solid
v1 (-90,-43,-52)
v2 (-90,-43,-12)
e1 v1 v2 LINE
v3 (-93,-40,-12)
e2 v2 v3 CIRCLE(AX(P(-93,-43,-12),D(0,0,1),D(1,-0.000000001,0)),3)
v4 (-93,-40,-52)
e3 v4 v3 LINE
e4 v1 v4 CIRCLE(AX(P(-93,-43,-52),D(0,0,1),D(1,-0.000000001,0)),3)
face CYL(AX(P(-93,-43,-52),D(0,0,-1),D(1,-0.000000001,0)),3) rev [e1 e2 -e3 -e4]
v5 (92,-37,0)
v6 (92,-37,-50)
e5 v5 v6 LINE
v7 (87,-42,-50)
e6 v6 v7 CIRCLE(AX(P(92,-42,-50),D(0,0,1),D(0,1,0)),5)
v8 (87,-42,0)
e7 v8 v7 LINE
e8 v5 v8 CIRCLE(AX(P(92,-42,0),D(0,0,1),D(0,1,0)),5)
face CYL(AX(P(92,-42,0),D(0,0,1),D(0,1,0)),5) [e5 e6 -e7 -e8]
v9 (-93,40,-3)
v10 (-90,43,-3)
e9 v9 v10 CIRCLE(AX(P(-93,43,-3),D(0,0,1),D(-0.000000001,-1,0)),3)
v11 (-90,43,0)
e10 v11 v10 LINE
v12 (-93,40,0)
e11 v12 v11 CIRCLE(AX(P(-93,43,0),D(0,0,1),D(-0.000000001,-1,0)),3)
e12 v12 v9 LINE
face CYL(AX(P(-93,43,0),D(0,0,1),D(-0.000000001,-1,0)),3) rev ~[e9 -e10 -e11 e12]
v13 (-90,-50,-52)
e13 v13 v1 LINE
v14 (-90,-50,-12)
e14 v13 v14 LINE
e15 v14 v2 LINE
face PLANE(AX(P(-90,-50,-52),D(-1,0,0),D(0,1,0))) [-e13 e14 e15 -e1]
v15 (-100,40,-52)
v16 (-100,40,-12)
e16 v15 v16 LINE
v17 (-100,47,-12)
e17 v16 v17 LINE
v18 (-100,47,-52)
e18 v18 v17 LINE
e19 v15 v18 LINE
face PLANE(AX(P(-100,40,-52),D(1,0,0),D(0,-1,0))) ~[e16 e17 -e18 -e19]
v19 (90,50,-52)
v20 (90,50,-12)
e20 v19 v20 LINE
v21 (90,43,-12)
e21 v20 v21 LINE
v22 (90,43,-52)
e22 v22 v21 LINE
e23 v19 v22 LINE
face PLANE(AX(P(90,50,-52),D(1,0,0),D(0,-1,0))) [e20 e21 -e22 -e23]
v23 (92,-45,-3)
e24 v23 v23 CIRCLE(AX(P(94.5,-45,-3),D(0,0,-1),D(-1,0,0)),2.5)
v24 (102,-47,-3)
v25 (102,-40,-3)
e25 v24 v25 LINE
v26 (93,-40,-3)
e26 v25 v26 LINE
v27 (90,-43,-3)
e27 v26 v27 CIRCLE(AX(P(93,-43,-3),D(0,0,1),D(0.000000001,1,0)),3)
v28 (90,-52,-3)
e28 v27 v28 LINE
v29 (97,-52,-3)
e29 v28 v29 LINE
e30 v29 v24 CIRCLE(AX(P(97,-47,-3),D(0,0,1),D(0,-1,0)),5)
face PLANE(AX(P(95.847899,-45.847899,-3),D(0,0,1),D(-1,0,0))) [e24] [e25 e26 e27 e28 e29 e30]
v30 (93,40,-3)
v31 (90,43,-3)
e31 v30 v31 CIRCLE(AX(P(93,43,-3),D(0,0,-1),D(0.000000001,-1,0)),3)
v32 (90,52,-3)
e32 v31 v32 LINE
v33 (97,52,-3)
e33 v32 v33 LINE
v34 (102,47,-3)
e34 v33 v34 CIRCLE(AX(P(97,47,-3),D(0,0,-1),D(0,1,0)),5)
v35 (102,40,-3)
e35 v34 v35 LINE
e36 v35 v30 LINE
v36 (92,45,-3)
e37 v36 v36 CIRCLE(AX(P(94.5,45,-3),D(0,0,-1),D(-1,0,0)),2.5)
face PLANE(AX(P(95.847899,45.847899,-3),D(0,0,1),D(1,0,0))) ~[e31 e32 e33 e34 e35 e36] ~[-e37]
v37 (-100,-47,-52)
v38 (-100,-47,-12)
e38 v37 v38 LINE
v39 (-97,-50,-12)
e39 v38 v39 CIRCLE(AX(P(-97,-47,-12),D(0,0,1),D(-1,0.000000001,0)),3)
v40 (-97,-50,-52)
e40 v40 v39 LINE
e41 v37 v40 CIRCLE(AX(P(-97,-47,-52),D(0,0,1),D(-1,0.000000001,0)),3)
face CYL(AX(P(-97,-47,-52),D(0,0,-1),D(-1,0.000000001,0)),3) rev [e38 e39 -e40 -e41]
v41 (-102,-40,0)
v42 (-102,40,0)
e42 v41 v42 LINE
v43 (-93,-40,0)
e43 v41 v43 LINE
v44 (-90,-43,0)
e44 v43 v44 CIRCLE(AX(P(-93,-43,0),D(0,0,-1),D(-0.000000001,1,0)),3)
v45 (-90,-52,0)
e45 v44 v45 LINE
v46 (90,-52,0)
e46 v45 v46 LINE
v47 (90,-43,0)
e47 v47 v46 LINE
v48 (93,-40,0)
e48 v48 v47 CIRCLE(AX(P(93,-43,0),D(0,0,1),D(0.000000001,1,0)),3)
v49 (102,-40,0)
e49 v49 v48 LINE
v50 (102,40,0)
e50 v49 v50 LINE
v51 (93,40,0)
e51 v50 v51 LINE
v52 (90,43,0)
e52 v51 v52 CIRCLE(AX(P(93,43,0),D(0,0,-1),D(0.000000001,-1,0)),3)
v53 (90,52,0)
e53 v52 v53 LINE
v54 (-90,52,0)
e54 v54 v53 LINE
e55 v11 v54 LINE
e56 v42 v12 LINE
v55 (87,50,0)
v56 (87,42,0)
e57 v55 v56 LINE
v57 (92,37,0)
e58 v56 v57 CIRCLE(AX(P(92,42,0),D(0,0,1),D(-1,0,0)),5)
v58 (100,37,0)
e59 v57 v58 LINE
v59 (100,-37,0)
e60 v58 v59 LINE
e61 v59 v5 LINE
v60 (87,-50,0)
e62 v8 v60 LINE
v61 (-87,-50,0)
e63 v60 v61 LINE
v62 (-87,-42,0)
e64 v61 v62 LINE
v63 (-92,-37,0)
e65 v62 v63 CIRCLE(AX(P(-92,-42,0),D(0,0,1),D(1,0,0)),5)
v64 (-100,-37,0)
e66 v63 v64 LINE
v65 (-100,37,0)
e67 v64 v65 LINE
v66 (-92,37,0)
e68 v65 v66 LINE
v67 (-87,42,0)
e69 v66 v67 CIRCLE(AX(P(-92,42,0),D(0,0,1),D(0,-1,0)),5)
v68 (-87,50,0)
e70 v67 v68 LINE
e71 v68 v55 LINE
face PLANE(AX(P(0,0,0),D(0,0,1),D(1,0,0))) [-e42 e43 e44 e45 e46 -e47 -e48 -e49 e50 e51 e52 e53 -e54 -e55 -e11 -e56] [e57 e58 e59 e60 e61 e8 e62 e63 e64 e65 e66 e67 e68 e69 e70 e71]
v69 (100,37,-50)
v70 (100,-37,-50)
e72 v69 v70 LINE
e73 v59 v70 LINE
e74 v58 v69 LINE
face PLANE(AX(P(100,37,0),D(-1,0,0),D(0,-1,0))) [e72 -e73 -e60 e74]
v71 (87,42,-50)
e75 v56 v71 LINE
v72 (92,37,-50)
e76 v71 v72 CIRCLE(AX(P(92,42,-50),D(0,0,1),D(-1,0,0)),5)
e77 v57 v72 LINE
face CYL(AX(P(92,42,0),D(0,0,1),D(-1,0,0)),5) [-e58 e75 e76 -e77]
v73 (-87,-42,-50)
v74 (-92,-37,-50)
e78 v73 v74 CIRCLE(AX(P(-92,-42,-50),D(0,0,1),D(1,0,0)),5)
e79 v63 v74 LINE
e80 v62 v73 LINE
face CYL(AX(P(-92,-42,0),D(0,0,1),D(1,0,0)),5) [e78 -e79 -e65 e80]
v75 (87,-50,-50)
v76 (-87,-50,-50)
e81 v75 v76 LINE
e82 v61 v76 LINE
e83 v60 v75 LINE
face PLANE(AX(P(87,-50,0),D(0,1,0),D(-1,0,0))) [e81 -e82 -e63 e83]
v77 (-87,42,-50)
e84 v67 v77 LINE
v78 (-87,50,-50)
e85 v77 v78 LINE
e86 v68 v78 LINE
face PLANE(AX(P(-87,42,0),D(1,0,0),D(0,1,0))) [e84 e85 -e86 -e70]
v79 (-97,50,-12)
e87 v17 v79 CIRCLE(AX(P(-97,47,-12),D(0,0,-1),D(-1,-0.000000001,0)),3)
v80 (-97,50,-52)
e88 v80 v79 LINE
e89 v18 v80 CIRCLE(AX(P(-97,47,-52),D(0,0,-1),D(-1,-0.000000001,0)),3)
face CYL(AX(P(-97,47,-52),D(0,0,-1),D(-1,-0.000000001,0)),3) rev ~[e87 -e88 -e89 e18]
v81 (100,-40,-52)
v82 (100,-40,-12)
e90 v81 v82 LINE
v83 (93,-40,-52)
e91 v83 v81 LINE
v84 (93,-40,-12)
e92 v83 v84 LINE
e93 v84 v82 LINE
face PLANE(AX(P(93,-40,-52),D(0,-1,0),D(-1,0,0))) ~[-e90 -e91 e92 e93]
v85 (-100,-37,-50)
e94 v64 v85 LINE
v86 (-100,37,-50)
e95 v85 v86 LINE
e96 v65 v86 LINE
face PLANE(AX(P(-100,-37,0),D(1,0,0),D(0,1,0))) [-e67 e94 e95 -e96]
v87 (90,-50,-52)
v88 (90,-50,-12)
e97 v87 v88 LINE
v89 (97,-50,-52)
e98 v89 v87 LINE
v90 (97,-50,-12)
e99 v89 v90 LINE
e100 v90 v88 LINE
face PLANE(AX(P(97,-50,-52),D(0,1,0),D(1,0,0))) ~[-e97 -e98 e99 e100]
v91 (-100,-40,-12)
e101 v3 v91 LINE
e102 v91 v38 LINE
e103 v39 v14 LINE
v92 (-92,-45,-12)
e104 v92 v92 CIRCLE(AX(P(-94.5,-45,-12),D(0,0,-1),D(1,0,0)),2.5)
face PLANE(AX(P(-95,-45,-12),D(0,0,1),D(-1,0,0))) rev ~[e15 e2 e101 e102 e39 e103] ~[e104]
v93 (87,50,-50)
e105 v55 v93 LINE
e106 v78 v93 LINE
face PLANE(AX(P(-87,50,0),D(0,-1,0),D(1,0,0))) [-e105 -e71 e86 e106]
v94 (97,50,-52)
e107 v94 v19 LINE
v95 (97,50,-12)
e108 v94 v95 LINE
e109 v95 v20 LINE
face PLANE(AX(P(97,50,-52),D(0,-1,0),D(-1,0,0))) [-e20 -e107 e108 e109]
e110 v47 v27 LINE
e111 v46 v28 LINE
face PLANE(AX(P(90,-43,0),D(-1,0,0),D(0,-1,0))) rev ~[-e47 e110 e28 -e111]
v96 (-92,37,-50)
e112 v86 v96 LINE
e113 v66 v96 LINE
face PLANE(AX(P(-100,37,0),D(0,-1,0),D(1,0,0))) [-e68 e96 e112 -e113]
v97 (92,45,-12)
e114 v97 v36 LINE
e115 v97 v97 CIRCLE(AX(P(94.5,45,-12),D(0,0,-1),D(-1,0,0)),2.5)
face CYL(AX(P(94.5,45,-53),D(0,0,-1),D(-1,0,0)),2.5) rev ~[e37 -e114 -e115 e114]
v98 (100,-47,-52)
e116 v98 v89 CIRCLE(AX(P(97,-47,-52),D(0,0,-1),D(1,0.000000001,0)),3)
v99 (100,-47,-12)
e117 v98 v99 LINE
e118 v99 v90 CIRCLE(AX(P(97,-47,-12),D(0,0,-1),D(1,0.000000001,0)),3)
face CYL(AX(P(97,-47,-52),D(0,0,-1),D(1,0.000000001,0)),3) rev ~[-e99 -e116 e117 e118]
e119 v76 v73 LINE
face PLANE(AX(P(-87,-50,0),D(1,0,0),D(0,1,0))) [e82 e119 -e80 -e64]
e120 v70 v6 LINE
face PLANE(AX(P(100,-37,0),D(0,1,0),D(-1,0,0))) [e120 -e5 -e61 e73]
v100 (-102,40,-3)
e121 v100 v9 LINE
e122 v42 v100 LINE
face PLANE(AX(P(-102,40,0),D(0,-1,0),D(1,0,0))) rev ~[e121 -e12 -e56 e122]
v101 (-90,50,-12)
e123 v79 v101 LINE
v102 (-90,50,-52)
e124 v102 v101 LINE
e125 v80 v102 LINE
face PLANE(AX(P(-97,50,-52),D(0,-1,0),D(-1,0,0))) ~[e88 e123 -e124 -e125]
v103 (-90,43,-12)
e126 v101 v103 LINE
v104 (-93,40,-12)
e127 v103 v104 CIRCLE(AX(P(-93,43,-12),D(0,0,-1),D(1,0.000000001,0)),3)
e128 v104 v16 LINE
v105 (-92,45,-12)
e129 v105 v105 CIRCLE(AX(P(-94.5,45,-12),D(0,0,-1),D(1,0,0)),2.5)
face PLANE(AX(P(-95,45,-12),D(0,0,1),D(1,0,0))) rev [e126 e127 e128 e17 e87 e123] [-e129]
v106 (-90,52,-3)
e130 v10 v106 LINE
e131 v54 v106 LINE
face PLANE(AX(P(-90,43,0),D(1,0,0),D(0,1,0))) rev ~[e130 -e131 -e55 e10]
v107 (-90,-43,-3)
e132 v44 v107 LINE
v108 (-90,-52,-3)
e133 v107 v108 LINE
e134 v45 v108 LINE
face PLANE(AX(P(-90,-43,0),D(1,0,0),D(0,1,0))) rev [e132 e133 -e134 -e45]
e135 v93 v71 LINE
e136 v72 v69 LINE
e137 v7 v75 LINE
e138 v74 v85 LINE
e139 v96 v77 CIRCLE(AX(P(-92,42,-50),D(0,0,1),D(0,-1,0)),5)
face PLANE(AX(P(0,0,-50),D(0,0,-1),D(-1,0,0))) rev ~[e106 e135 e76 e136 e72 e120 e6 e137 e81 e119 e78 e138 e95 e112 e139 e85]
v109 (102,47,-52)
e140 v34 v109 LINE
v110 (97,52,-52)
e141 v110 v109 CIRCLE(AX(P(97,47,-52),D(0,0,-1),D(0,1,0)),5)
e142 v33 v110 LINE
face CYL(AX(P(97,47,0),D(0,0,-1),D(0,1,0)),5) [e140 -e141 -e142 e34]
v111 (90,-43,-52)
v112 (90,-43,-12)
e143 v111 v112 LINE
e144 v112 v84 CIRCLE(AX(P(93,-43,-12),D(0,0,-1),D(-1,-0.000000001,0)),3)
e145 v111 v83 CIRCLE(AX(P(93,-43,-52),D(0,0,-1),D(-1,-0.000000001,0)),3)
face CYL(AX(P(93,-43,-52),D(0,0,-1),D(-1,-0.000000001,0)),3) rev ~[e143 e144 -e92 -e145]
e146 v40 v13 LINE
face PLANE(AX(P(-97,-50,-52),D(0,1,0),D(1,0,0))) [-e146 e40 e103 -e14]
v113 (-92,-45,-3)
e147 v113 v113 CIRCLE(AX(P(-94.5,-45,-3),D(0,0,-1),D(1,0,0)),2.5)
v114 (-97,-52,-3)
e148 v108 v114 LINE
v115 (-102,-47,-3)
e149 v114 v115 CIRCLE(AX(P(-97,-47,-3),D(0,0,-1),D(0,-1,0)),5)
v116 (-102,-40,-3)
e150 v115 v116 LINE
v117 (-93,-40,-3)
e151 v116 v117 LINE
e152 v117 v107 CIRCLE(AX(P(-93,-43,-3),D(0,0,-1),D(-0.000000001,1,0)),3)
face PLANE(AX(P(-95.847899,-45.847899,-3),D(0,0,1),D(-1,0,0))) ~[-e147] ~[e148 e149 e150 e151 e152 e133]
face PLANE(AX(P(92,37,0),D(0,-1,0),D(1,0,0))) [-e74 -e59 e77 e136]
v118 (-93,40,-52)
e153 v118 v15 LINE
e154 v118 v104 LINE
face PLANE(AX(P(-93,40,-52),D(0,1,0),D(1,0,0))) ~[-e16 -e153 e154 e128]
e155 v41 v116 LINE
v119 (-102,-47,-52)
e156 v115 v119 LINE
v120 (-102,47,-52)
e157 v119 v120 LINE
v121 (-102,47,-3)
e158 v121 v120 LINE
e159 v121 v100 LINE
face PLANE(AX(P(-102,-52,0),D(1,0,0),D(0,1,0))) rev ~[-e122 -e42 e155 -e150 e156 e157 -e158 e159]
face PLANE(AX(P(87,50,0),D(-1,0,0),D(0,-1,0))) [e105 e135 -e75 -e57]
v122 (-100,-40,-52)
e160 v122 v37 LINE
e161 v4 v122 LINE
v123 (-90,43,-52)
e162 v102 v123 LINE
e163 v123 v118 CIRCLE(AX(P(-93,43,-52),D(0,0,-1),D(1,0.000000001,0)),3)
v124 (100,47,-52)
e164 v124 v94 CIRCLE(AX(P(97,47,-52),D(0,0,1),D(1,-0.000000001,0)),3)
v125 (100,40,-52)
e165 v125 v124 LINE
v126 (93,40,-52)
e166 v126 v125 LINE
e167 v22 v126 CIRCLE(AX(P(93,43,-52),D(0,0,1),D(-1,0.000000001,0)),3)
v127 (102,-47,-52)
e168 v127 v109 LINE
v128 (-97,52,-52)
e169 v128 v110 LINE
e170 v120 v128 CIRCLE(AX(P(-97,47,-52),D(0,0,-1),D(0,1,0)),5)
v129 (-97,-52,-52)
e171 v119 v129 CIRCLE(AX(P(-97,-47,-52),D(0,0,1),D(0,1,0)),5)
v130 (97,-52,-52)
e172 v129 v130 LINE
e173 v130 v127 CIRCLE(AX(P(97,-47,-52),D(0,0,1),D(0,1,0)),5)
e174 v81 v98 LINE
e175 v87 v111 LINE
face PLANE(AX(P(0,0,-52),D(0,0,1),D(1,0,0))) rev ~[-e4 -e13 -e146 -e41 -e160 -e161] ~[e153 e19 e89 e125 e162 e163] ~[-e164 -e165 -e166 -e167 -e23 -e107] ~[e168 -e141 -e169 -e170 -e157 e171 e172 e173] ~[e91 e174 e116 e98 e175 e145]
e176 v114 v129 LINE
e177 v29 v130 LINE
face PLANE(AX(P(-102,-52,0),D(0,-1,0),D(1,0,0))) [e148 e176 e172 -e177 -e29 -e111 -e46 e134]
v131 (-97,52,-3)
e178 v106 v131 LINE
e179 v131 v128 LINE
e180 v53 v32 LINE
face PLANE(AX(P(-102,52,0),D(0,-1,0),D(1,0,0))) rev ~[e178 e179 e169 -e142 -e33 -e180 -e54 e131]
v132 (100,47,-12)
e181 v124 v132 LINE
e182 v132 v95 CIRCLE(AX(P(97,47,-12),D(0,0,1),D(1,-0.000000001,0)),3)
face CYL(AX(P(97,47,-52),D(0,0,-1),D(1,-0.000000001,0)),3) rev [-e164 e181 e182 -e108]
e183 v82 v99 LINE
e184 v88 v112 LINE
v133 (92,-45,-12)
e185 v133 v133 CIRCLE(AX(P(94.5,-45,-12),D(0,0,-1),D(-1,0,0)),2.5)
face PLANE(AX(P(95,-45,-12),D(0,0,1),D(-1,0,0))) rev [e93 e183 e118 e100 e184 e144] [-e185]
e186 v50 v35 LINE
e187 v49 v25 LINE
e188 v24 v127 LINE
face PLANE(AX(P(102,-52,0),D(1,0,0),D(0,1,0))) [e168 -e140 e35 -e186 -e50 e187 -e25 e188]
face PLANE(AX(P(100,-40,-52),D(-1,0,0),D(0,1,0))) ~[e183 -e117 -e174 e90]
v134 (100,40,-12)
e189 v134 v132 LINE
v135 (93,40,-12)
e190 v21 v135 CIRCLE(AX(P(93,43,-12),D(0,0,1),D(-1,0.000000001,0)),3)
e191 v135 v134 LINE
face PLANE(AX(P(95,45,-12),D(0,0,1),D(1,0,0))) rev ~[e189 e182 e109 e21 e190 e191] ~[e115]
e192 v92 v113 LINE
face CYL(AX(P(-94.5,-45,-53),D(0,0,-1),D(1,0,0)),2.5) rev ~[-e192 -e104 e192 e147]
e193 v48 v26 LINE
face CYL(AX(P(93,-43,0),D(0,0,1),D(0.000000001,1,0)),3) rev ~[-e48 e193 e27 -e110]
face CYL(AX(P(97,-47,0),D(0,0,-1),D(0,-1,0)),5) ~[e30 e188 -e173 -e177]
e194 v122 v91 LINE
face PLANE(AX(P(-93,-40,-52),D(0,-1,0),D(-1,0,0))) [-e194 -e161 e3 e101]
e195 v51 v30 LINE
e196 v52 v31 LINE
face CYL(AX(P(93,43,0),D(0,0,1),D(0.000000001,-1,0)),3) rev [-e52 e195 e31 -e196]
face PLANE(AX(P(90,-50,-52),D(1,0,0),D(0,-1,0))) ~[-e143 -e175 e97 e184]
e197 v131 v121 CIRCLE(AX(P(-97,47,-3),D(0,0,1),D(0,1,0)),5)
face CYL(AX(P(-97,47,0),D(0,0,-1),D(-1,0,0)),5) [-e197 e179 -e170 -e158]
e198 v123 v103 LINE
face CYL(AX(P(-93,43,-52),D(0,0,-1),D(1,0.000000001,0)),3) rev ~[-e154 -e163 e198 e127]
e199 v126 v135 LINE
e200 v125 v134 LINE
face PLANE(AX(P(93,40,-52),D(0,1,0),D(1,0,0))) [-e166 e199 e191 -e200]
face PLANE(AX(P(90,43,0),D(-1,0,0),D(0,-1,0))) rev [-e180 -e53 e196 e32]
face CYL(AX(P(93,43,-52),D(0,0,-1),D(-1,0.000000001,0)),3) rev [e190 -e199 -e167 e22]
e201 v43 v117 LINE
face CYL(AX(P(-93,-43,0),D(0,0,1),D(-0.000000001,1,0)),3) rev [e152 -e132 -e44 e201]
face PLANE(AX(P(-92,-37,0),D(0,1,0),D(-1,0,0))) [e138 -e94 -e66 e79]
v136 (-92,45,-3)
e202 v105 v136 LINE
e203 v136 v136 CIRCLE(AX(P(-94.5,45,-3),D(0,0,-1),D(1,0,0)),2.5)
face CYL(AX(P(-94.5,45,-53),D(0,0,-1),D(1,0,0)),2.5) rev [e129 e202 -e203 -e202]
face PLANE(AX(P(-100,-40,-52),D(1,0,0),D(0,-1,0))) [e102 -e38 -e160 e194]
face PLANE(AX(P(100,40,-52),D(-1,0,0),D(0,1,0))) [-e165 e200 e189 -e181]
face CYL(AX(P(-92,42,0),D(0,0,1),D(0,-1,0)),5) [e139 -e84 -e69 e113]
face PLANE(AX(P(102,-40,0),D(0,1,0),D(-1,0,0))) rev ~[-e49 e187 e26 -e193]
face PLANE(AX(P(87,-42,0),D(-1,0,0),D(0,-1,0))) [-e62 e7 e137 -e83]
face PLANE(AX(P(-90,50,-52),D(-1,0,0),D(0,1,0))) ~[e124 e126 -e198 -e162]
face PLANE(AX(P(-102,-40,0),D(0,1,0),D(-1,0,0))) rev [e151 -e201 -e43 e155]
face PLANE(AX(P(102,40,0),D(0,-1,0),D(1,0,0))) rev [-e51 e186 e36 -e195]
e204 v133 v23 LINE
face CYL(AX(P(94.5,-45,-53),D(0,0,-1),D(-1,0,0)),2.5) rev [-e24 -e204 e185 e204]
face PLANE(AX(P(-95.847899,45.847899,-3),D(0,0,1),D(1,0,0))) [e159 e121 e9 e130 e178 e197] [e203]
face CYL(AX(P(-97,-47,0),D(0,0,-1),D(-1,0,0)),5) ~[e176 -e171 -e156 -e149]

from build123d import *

# Parameters (mm, degrees)
ESBO_O1_W                 = 204
ESBO_O1_H                 = 104
RESSALTO_EXTRUS_O1_DEPTH  = 52
CORTE_EXTRUS_O1_DEPTH     = 50
FILETE1_R                 = 5
CORTE_EXTRUS_O2_DEPTH     = 40
CORTE_EXTRUS_O5_DEPTH     = 3
CORTE_EXTRUS_O6_START     = -53
ESBO_O8_R                 = 2.5
CORTE_EXTRUS_O6_DEPTH     = 54
ESPELHAR2_COPY_1_DEPTH    = 40
ESPELHAR2_COPY_2_DEPTH    = 3
ESPELHAR2_START           = -53
ESPELHAR2_COPY_3_SKETCH_R = 2.5
ESPELHAR2_COPY_3_DEPTH    = 54


with BuildPart() as part:
    # Esboço1 → Ressalto-extrusão1 (new body)
    with BuildSketch(Plane.XY):
        Rectangle(ESBO_O1_W, ESBO_O1_H)
    extrude(amount=-RESSALTO_EXTRUS_O1_DEPTH)

    # Esboço2 → Corte-extrusão1 (cut)
    with BuildSketch(Plane.XY):
        with BuildLine():
            Line((-87, 50), (87, 50))
            Line((87, 50), (87, 42))
            ThreePointArc((87, 42), (88.464466094, 38.464466094), (92, 37))
            Line((92, 37), (100, 37))
            Line((100, 37), (100, -37))
            Line((100, -37), (92, -37))
            ThreePointArc((92, -37), (88.464466094, -38.464466094), (87, -42))
            Line((87, -42), (87, -50))
            Line((87, -50), (-87, -50))
            Line((-87, -50), (-87, -42))
            ThreePointArc((-87, -42), (-88.464466094, -38.464466094), (-92, -37))
            Line((-92, -37), (-100, -37))
            Line((-100, -37), (-100, 37))
            Line((-100, 37), (-92, 37))
            ThreePointArc((-92, 37), (-88.464466094, 38.464466094), (-87, 42))
            Line((-87, 42), (-87, 50))
        make_face()
    extrude(amount=-CORTE_EXTRUS_O1_DEPTH, mode=Mode.SUBTRACT)

    # Filete1
    filete1_edges = [part.edges().sort_by_distance(p)[0] for p in [
        (102, -52, -26),
        (-102, -52, -26),
        (-102, 52, -26),
        (102, 52, -26),
    ]]
    fillet(filete1_edges, radius=FILETE1_R)

    # Esboço4 → Corte-extrusão2 (cut)
    with BuildSketch(Plane(origin=(0, 0, -52), x_dir=(-1, 0, 0), z_dir=(0, 0, -1))):
        with BuildLine():
            Line((-97, 50), (-90, 50))
            Line((-90, 50), (-90, 43))
            ThreePointArc((-90, 43), (-90.878679656, 40.878679656), (-93, 40))
            Line((-93, 40), (-100, 40))
            Line((-100, 40), (-100, 47))
            ThreePointArc((-100, 47), (-99.121320344, 49.121320344), (-97, 50))
        make_face()
    corte_extrus_o2 = extrude(amount=-CORTE_EXTRUS_O2_DEPTH, mode=Mode.SUBTRACT)

    # Esboço7 → Corte-extrusão5 (cut)
    with BuildSketch(Plane.XY):
        with BuildLine():
            Line((-102, 40), (-93, 40))
            ThreePointArc((-93, 40), (-90.878679656, 40.878679656), (-90, 43))
            Line((-90, 43), (-90, 52))
            Line((-90, 52), (-97, 52))
            ThreePointArc((-97, 52), (-100.535533906, 50.535533906), (-102, 47))
            Line((-102, 47), (-102, 40))
        make_face()
    corte_extrus_o5 = extrude(amount=-CORTE_EXTRUS_O5_DEPTH, mode=Mode.SUBTRACT)

    # Esboço8 → Corte-extrusão6 (cut)
    with BuildSketch(Plane.XY.offset(CORTE_EXTRUS_O6_START)):
        with Locations((-94.5, 45)):
            Circle(ESBO_O8_R)
    corte_extrus_o6 = extrude(amount=CORTE_EXTRUS_O6_DEPTH, mode=Mode.SUBTRACT)

    # Espelhar1: Corte-extrusão2, Corte-extrusão5, Corte-extrusão6 across plane
    add(corte_extrus_o2.mirror(Plane(origin=(0, 0, 0), x_dir=(0, 0, 1), z_dir=(1, 0, 0))), mode=Mode.SUBTRACT)
    add(corte_extrus_o5.mirror(Plane(origin=(0, 0, 0), x_dir=(0, 0, 1), z_dir=(1, 0, 0))), mode=Mode.SUBTRACT)
    add(corte_extrus_o6.mirror(Plane(origin=(0, 0, 0), x_dir=(0, 0, 1), z_dir=(1, 0, 0))), mode=Mode.SUBTRACT)

    # Espelhar2: Corte-extrusão2, Corte-extrusão5, Corte-extrusão6 across plane
    add(corte_extrus_o2.mirror(Plane.ZX), mode=Mode.SUBTRACT)
    add(corte_extrus_o5.mirror(Plane.ZX), mode=Mode.SUBTRACT)
    add(corte_extrus_o6.mirror(Plane.ZX), mode=Mode.SUBTRACT)

    # Espelhar2 copy 1 sketch → Espelhar2 copy 1 (cut)
    with BuildSketch(Plane(origin=(0, 0, -52), x_dir=(1, 0, 0), z_dir=(0, 0, -1))):
        with BuildLine():
            Line((-97, 50), (-90, 50))
            Line((-90, 50), (-90, 43))
            ThreePointArc((-90, 43), (-90.878679656, 40.878679656), (-93, 40))
            Line((-93, 40), (-100, 40))
            Line((-100, 40), (-100, 47))
            ThreePointArc((-100, 47), (-99.121320344, 49.121320344), (-97, 50))
        make_face()
    extrude(amount=-ESPELHAR2_COPY_1_DEPTH, mode=Mode.SUBTRACT)

    # Espelhar2 copy 2 sketch → Espelhar2 copy 2 (cut)
    with BuildSketch(Plane(origin=(0, 0, 0), x_dir=(-1, 0, 0), z_dir=(0, 0, 1))):
        with BuildLine():
            Line((-102, 40), (-93, 40))
            ThreePointArc((-93, 40), (-90.878679656, 40.878679656), (-90, 43))
            Line((-90, 43), (-90, 52))
            Line((-90, 52), (-97, 52))
            ThreePointArc((-97, 52), (-100.535533906, 50.535533906), (-102, 47))
            Line((-102, 47), (-102, 40))
        make_face()
    extrude(amount=-ESPELHAR2_COPY_2_DEPTH, mode=Mode.SUBTRACT)

    # Espelhar2 copy 3 sketch → Espelhar2 copy 3 (cut)
    with BuildSketch(Plane(origin=(0, 0, 0), x_dir=(-1, 0, 0), z_dir=(0, 0, 1)).offset(ESPELHAR2_START)):
        with Locations((-94.5, 45)):
            Circle(ESPELHAR2_COPY_3_SKETCH_R)
    extrude(amount=ESPELHAR2_COPY_3_DEPTH, mode=Mode.SUBTRACT)


solid = part.part
